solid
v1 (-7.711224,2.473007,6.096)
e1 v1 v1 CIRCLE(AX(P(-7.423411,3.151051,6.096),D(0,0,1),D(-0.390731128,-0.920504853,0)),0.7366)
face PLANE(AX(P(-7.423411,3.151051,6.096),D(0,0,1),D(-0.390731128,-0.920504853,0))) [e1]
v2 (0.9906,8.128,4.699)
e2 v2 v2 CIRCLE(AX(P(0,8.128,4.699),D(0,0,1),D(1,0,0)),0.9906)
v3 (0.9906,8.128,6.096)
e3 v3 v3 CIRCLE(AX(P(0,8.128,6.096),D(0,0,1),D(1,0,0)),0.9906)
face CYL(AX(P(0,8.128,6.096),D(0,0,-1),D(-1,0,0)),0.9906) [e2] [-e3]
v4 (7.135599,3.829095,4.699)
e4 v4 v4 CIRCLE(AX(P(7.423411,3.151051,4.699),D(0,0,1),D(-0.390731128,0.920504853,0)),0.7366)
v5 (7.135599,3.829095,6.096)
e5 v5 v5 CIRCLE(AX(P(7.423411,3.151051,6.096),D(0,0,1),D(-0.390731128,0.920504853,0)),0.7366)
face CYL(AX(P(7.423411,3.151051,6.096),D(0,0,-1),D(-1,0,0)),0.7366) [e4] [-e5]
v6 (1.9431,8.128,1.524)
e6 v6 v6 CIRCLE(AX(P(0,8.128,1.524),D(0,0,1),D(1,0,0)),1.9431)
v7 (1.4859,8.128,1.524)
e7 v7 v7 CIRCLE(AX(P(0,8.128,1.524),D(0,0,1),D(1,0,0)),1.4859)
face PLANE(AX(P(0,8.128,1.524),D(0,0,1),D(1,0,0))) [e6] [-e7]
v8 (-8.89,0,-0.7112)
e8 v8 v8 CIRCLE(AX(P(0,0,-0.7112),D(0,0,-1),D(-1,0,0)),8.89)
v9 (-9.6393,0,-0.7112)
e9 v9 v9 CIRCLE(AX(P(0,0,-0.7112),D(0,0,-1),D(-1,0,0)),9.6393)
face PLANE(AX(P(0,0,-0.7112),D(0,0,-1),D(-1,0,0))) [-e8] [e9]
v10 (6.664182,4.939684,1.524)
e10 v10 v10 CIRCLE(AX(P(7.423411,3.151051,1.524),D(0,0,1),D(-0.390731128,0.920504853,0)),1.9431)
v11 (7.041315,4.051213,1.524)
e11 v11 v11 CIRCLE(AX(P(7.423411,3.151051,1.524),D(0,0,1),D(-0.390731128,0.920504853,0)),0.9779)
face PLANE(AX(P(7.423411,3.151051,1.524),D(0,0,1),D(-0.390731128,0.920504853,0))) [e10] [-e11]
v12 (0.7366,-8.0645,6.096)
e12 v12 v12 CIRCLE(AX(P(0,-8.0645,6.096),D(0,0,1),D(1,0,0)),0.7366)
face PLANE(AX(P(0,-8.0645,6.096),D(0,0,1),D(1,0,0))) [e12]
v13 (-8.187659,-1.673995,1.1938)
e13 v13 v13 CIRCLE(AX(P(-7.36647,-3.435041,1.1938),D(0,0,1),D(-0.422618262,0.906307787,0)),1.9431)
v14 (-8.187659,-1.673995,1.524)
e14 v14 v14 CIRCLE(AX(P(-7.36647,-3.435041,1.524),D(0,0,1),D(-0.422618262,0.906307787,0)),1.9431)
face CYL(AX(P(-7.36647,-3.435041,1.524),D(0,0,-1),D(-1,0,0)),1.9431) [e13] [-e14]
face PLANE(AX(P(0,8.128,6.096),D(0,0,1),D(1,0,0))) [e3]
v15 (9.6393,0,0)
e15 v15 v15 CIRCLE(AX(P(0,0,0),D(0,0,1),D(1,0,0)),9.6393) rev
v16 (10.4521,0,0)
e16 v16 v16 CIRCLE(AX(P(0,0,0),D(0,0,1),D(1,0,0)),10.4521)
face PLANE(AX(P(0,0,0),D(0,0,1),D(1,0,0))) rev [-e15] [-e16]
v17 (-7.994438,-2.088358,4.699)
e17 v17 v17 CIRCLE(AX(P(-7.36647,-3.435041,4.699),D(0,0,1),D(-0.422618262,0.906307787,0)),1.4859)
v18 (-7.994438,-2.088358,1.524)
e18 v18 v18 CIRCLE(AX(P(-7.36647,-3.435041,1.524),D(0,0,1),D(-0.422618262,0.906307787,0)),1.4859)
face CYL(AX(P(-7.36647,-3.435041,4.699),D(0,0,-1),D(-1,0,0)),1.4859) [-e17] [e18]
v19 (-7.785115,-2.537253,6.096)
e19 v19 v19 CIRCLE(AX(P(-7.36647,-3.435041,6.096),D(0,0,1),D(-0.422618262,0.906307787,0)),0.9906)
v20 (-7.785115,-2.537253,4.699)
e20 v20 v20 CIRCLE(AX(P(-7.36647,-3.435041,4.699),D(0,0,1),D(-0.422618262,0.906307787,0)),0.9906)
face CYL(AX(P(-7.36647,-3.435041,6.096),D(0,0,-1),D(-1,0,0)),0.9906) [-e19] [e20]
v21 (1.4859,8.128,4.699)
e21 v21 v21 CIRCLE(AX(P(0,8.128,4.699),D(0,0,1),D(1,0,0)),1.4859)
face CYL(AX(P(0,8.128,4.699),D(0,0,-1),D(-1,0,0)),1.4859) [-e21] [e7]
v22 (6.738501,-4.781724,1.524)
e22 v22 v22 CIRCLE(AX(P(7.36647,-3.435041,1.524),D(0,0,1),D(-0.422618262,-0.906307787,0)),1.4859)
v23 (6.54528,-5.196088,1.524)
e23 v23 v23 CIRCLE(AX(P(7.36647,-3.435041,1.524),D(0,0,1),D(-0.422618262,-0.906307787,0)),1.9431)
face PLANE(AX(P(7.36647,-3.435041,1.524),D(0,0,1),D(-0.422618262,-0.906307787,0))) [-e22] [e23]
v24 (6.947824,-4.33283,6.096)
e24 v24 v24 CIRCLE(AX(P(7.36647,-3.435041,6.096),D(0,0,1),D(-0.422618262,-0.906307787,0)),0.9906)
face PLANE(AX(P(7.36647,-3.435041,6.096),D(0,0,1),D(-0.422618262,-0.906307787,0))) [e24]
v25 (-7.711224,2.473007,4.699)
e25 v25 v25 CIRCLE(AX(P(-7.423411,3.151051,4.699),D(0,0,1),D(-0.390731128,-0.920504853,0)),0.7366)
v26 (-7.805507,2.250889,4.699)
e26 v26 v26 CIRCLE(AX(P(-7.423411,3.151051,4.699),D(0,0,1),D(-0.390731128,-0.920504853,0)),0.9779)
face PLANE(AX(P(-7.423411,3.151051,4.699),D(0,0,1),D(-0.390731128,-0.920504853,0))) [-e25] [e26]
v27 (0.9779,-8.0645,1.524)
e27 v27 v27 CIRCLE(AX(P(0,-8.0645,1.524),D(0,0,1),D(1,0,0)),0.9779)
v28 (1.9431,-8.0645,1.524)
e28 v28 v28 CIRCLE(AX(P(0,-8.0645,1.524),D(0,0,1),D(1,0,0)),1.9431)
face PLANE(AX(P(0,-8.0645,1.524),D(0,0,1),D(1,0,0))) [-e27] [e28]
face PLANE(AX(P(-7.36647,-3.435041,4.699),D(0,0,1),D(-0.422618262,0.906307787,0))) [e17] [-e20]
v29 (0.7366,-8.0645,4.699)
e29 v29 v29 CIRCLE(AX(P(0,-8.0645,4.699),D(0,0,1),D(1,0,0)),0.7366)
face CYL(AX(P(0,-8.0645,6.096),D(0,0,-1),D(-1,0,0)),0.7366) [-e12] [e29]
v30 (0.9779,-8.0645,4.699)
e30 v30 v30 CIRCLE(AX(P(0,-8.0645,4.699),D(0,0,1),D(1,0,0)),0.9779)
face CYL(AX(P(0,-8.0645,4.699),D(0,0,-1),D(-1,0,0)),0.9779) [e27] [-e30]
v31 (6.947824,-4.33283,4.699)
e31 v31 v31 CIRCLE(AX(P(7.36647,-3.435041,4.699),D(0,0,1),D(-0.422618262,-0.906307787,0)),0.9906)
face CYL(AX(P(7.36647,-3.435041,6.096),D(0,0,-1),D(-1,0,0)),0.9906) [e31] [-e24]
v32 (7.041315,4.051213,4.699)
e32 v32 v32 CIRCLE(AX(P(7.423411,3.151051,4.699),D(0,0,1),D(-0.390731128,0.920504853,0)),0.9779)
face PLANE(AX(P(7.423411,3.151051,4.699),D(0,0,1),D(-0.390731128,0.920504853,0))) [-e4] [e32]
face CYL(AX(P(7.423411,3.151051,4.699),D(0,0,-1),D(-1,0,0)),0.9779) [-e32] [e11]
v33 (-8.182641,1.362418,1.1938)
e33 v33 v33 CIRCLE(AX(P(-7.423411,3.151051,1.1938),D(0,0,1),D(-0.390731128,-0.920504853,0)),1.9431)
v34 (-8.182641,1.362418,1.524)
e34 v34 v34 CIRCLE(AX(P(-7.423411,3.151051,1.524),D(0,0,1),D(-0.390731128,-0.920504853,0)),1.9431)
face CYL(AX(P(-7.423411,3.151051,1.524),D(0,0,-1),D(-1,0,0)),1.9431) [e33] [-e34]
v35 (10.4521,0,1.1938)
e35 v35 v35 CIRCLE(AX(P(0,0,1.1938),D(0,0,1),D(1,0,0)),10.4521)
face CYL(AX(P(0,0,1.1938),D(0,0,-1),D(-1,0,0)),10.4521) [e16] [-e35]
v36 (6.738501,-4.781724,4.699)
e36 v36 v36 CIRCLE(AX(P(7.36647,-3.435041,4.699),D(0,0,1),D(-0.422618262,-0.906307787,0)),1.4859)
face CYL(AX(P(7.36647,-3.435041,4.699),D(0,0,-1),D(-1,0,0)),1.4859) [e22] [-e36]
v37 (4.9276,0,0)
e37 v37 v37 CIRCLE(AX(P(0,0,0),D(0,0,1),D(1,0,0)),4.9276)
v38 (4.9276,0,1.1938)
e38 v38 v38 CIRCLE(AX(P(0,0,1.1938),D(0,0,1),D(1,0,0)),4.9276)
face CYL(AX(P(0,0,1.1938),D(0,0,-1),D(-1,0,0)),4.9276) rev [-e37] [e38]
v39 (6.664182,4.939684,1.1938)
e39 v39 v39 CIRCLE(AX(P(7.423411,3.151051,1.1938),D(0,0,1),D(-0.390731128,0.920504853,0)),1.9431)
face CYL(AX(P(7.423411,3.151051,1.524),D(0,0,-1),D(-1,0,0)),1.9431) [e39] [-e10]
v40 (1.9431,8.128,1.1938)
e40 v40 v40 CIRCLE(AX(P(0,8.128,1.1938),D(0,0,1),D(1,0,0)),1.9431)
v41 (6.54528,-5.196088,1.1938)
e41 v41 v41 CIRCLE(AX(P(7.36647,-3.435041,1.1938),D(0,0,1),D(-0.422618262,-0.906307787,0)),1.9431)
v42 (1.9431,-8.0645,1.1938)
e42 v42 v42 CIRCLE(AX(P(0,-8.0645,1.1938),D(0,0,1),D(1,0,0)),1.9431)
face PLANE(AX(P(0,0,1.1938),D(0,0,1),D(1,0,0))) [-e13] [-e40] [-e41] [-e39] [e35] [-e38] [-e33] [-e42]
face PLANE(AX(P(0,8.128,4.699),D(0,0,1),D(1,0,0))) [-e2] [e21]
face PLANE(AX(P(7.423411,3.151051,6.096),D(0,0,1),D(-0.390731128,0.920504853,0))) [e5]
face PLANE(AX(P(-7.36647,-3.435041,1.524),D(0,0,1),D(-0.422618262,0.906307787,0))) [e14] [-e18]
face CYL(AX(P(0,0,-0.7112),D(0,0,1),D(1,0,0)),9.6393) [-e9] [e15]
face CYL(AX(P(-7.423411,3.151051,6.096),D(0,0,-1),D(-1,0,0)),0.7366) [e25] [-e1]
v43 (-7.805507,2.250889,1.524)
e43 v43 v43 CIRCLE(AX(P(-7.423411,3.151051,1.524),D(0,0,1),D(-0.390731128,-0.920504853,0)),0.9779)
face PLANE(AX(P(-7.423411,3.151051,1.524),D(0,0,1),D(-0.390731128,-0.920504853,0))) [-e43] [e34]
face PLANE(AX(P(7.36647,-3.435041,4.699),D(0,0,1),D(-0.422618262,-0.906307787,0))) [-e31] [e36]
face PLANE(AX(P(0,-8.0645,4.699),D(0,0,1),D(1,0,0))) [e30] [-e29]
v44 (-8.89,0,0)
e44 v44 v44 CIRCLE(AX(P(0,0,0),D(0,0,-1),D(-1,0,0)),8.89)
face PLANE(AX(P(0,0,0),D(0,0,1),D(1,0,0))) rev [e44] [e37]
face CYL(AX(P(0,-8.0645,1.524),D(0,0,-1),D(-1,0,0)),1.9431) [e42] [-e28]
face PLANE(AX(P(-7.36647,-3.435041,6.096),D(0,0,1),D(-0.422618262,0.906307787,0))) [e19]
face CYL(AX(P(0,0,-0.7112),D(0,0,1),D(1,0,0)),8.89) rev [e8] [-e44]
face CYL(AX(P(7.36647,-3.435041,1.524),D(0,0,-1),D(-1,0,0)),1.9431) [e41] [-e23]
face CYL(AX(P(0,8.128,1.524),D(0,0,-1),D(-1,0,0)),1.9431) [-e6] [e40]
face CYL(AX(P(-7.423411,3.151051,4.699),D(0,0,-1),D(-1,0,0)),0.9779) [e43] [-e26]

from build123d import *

# Parameters (mm, degrees)
SKETCH1_R                        = 10.4521
SKETCH1_R_2                      = 4.9276
BASE_DEPTH                       = 1.1938
SKETCH2_R                        = 9.6393
SKETCH2_R_2                      = 8.89
TRACK_DEPTH                      = 0.7112
SKETCH3_R                        = 1.9431
PLATFORM_A1_DEPTH                = 0.3302
SKETCH4_R                        = 1.4859
PLATFORM_A2_DEPTH                = 3.175
SKETCH5_R                        = 0.9906
PLATFORM_A3_DEPTH                = 1.397
CCW_PATTERN_FOR_PLATFORM_A_COUNT = 2
CCW_PATTERN_FOR_PLATFORM_A_ANGLE = 115
CW_PATTERN_FOR_PLATFORM_A_COUNT  = 2
CW_PATTERN_FOR_PLATFORM_A_ANGLE  = 115
SKETCH6_R                        = 1.9431
PLATFORM_B1_DEPTH                = 0.3302
SKETCH7_R                        = 0.9779
PLATFORM_B2_DEPTH                = 3.175
SKETCH8_R                        = 0.7366
PLATFORM_B3_DEPTH                = 1.397
CCW_PATTERN_FOR_PLATFORM_B_COUNT = 2
CCW_PATTERN_FOR_PLATFORM_B_ANGLE = 113
CW_PATTERN_FOR_PLATFORM_B_COUNT  = 2
CW_PATTERN_FOR_PLATFORM_B_ANGLE  = 113


with BuildPart() as part:
    # Sketch1 → Base (new body)
    with BuildSketch(Plane.XY):
        Circle(SKETCH1_R)
        Circle(SKETCH1_R_2, mode=Mode.SUBTRACT)
    extrude(amount=BASE_DEPTH)

    # Sketch2 → Track (add)
    with BuildSketch(Plane(origin=(0, 0, 0), x_dir=(-1, 0, 0), z_dir=(0, 0, -1))):
        Circle(SKETCH2_R)
        Circle(SKETCH2_R_2, mode=Mode.SUBTRACT)
    extrude(amount=TRACK_DEPTH)

    # Sketch3 → Platform A1 (add)
    with BuildSketch(Plane.XY.offset(1.1938)):
        with Locations((0, 8.128)):
            Circle(SKETCH3_R)
    platform_a1 = extrude(amount=PLATFORM_A1_DEPTH)

    # Sketch4 → Platform A2 (add)
    with BuildSketch(Plane.XY.offset(1.524)):
        with Locations((0, 8.128)):
            Circle(SKETCH4_R)
    platform_a2 = extrude(amount=PLATFORM_A2_DEPTH)

    # Sketch5 → Platform A3 (add)
    with BuildSketch(Plane.XY.offset(4.699)):
        with Locations((0, 8.128)):
            Circle(SKETCH5_R)
    platform_a3 = extrude(amount=PLATFORM_A3_DEPTH)

    # CCW pattern for platform A: Platform A1, Platform A2, Platform A3 ×2 about axis
    ccw_pattern_for_platform_a_axis = Axis((0, 0, 1.1938), (0, 0, 1))
    for i in range(1, CCW_PATTERN_FOR_PLATFORM_A_COUNT):
        add(platform_a1.rotate(ccw_pattern_for_platform_a_axis, i * CCW_PATTERN_FOR_PLATFORM_A_ANGLE / (CCW_PATTERN_FOR_PLATFORM_A_COUNT - 1)))
        add(platform_a2.rotate(ccw_pattern_for_platform_a_axis, i * CCW_PATTERN_FOR_PLATFORM_A_ANGLE / (CCW_PATTERN_FOR_PLATFORM_A_COUNT - 1)))
        add(platform_a3.rotate(ccw_pattern_for_platform_a_axis, i * CCW_PATTERN_FOR_PLATFORM_A_ANGLE / (CCW_PATTERN_FOR_PLATFORM_A_COUNT - 1)))

    # CW pattern for platform A: Platform A1, Platform A2, Platform A3 ×2 about axis
    cw_pattern_for_platform_a_axis = Axis((0, 0, 1.1938), (0, 0, -1))
    for i in range(1, CW_PATTERN_FOR_PLATFORM_A_COUNT):
        add(platform_a1.rotate(cw_pattern_for_platform_a_axis, i * CW_PATTERN_FOR_PLATFORM_A_ANGLE / (CW_PATTERN_FOR_PLATFORM_A_COUNT - 1)))
        add(platform_a2.rotate(cw_pattern_for_platform_a_axis, i * CW_PATTERN_FOR_PLATFORM_A_ANGLE / (CW_PATTERN_FOR_PLATFORM_A_COUNT - 1)))
        add(platform_a3.rotate(cw_pattern_for_platform_a_axis, i * CW_PATTERN_FOR_PLATFORM_A_ANGLE / (CW_PATTERN_FOR_PLATFORM_A_COUNT - 1)))

    # Sketch6 → Platform B1 (add)
    with BuildSketch(Plane.XY.offset(1.1938)):
        with Locations((0, -8.0645)):
            Circle(SKETCH6_R)
    platform_b1 = extrude(amount=PLATFORM_B1_DEPTH)

    # Sketch7 → Platform B2 (add)
    with BuildSketch(Plane.XY.offset(1.524)):
        with Locations((0, -8.0645)):
            Circle(SKETCH7_R)
    platform_b2 = extrude(amount=PLATFORM_B2_DEPTH)

    # Sketch8 → Platform B3 (add)
    with BuildSketch(Plane.XY.offset(4.699)):
        with Locations((0, -8.0645)):
            Circle(SKETCH8_R)
    platform_b3 = extrude(amount=PLATFORM_B3_DEPTH)

    # CCW pattern for platform B: Platform B1, Platform B2, Platform B3 ×2 about axis
    ccw_pattern_for_platform_b_axis = Axis((0, 0, 1.1938), (0, 0, 1))
    for i in range(1, CCW_PATTERN_FOR_PLATFORM_B_COUNT):
        add(platform_b1.rotate(ccw_pattern_for_platform_b_axis, i * CCW_PATTERN_FOR_PLATFORM_B_ANGLE / (CCW_PATTERN_FOR_PLATFORM_B_COUNT - 1)))
        add(platform_b2.rotate(ccw_pattern_for_platform_b_axis, i * CCW_PATTERN_FOR_PLATFORM_B_ANGLE / (CCW_PATTERN_FOR_PLATFORM_B_COUNT - 1)))
        add(platform_b3.rotate(ccw_pattern_for_platform_b_axis, i * CCW_PATTERN_FOR_PLATFORM_B_ANGLE / (CCW_PATTERN_FOR_PLATFORM_B_COUNT - 1)))

    # CW pattern for platform B: Platform B1, Platform B2, Platform B3 ×2 about axis
    cw_pattern_for_platform_b_axis = Axis((0, 0, 1.1938), (0, 0, -1))
    for i in range(1, CW_PATTERN_FOR_PLATFORM_B_COUNT):
        add(platform_b1.rotate(cw_pattern_for_platform_b_axis, i * CW_PATTERN_FOR_PLATFORM_B_ANGLE / (CW_PATTERN_FOR_PLATFORM_B_COUNT - 1)))
        add(platform_b2.rotate(cw_pattern_for_platform_b_axis, i * CW_PATTERN_FOR_PLATFORM_B_ANGLE / (CW_PATTERN_FOR_PLATFORM_B_COUNT - 1)))
        add(platform_b3.rotate(cw_pattern_for_platform_b_axis, i * CW_PATTERN_FOR_PLATFORM_B_ANGLE / (CW_PATTERN_FOR_PLATFORM_B_COUNT - 1)))


solid = part.part
